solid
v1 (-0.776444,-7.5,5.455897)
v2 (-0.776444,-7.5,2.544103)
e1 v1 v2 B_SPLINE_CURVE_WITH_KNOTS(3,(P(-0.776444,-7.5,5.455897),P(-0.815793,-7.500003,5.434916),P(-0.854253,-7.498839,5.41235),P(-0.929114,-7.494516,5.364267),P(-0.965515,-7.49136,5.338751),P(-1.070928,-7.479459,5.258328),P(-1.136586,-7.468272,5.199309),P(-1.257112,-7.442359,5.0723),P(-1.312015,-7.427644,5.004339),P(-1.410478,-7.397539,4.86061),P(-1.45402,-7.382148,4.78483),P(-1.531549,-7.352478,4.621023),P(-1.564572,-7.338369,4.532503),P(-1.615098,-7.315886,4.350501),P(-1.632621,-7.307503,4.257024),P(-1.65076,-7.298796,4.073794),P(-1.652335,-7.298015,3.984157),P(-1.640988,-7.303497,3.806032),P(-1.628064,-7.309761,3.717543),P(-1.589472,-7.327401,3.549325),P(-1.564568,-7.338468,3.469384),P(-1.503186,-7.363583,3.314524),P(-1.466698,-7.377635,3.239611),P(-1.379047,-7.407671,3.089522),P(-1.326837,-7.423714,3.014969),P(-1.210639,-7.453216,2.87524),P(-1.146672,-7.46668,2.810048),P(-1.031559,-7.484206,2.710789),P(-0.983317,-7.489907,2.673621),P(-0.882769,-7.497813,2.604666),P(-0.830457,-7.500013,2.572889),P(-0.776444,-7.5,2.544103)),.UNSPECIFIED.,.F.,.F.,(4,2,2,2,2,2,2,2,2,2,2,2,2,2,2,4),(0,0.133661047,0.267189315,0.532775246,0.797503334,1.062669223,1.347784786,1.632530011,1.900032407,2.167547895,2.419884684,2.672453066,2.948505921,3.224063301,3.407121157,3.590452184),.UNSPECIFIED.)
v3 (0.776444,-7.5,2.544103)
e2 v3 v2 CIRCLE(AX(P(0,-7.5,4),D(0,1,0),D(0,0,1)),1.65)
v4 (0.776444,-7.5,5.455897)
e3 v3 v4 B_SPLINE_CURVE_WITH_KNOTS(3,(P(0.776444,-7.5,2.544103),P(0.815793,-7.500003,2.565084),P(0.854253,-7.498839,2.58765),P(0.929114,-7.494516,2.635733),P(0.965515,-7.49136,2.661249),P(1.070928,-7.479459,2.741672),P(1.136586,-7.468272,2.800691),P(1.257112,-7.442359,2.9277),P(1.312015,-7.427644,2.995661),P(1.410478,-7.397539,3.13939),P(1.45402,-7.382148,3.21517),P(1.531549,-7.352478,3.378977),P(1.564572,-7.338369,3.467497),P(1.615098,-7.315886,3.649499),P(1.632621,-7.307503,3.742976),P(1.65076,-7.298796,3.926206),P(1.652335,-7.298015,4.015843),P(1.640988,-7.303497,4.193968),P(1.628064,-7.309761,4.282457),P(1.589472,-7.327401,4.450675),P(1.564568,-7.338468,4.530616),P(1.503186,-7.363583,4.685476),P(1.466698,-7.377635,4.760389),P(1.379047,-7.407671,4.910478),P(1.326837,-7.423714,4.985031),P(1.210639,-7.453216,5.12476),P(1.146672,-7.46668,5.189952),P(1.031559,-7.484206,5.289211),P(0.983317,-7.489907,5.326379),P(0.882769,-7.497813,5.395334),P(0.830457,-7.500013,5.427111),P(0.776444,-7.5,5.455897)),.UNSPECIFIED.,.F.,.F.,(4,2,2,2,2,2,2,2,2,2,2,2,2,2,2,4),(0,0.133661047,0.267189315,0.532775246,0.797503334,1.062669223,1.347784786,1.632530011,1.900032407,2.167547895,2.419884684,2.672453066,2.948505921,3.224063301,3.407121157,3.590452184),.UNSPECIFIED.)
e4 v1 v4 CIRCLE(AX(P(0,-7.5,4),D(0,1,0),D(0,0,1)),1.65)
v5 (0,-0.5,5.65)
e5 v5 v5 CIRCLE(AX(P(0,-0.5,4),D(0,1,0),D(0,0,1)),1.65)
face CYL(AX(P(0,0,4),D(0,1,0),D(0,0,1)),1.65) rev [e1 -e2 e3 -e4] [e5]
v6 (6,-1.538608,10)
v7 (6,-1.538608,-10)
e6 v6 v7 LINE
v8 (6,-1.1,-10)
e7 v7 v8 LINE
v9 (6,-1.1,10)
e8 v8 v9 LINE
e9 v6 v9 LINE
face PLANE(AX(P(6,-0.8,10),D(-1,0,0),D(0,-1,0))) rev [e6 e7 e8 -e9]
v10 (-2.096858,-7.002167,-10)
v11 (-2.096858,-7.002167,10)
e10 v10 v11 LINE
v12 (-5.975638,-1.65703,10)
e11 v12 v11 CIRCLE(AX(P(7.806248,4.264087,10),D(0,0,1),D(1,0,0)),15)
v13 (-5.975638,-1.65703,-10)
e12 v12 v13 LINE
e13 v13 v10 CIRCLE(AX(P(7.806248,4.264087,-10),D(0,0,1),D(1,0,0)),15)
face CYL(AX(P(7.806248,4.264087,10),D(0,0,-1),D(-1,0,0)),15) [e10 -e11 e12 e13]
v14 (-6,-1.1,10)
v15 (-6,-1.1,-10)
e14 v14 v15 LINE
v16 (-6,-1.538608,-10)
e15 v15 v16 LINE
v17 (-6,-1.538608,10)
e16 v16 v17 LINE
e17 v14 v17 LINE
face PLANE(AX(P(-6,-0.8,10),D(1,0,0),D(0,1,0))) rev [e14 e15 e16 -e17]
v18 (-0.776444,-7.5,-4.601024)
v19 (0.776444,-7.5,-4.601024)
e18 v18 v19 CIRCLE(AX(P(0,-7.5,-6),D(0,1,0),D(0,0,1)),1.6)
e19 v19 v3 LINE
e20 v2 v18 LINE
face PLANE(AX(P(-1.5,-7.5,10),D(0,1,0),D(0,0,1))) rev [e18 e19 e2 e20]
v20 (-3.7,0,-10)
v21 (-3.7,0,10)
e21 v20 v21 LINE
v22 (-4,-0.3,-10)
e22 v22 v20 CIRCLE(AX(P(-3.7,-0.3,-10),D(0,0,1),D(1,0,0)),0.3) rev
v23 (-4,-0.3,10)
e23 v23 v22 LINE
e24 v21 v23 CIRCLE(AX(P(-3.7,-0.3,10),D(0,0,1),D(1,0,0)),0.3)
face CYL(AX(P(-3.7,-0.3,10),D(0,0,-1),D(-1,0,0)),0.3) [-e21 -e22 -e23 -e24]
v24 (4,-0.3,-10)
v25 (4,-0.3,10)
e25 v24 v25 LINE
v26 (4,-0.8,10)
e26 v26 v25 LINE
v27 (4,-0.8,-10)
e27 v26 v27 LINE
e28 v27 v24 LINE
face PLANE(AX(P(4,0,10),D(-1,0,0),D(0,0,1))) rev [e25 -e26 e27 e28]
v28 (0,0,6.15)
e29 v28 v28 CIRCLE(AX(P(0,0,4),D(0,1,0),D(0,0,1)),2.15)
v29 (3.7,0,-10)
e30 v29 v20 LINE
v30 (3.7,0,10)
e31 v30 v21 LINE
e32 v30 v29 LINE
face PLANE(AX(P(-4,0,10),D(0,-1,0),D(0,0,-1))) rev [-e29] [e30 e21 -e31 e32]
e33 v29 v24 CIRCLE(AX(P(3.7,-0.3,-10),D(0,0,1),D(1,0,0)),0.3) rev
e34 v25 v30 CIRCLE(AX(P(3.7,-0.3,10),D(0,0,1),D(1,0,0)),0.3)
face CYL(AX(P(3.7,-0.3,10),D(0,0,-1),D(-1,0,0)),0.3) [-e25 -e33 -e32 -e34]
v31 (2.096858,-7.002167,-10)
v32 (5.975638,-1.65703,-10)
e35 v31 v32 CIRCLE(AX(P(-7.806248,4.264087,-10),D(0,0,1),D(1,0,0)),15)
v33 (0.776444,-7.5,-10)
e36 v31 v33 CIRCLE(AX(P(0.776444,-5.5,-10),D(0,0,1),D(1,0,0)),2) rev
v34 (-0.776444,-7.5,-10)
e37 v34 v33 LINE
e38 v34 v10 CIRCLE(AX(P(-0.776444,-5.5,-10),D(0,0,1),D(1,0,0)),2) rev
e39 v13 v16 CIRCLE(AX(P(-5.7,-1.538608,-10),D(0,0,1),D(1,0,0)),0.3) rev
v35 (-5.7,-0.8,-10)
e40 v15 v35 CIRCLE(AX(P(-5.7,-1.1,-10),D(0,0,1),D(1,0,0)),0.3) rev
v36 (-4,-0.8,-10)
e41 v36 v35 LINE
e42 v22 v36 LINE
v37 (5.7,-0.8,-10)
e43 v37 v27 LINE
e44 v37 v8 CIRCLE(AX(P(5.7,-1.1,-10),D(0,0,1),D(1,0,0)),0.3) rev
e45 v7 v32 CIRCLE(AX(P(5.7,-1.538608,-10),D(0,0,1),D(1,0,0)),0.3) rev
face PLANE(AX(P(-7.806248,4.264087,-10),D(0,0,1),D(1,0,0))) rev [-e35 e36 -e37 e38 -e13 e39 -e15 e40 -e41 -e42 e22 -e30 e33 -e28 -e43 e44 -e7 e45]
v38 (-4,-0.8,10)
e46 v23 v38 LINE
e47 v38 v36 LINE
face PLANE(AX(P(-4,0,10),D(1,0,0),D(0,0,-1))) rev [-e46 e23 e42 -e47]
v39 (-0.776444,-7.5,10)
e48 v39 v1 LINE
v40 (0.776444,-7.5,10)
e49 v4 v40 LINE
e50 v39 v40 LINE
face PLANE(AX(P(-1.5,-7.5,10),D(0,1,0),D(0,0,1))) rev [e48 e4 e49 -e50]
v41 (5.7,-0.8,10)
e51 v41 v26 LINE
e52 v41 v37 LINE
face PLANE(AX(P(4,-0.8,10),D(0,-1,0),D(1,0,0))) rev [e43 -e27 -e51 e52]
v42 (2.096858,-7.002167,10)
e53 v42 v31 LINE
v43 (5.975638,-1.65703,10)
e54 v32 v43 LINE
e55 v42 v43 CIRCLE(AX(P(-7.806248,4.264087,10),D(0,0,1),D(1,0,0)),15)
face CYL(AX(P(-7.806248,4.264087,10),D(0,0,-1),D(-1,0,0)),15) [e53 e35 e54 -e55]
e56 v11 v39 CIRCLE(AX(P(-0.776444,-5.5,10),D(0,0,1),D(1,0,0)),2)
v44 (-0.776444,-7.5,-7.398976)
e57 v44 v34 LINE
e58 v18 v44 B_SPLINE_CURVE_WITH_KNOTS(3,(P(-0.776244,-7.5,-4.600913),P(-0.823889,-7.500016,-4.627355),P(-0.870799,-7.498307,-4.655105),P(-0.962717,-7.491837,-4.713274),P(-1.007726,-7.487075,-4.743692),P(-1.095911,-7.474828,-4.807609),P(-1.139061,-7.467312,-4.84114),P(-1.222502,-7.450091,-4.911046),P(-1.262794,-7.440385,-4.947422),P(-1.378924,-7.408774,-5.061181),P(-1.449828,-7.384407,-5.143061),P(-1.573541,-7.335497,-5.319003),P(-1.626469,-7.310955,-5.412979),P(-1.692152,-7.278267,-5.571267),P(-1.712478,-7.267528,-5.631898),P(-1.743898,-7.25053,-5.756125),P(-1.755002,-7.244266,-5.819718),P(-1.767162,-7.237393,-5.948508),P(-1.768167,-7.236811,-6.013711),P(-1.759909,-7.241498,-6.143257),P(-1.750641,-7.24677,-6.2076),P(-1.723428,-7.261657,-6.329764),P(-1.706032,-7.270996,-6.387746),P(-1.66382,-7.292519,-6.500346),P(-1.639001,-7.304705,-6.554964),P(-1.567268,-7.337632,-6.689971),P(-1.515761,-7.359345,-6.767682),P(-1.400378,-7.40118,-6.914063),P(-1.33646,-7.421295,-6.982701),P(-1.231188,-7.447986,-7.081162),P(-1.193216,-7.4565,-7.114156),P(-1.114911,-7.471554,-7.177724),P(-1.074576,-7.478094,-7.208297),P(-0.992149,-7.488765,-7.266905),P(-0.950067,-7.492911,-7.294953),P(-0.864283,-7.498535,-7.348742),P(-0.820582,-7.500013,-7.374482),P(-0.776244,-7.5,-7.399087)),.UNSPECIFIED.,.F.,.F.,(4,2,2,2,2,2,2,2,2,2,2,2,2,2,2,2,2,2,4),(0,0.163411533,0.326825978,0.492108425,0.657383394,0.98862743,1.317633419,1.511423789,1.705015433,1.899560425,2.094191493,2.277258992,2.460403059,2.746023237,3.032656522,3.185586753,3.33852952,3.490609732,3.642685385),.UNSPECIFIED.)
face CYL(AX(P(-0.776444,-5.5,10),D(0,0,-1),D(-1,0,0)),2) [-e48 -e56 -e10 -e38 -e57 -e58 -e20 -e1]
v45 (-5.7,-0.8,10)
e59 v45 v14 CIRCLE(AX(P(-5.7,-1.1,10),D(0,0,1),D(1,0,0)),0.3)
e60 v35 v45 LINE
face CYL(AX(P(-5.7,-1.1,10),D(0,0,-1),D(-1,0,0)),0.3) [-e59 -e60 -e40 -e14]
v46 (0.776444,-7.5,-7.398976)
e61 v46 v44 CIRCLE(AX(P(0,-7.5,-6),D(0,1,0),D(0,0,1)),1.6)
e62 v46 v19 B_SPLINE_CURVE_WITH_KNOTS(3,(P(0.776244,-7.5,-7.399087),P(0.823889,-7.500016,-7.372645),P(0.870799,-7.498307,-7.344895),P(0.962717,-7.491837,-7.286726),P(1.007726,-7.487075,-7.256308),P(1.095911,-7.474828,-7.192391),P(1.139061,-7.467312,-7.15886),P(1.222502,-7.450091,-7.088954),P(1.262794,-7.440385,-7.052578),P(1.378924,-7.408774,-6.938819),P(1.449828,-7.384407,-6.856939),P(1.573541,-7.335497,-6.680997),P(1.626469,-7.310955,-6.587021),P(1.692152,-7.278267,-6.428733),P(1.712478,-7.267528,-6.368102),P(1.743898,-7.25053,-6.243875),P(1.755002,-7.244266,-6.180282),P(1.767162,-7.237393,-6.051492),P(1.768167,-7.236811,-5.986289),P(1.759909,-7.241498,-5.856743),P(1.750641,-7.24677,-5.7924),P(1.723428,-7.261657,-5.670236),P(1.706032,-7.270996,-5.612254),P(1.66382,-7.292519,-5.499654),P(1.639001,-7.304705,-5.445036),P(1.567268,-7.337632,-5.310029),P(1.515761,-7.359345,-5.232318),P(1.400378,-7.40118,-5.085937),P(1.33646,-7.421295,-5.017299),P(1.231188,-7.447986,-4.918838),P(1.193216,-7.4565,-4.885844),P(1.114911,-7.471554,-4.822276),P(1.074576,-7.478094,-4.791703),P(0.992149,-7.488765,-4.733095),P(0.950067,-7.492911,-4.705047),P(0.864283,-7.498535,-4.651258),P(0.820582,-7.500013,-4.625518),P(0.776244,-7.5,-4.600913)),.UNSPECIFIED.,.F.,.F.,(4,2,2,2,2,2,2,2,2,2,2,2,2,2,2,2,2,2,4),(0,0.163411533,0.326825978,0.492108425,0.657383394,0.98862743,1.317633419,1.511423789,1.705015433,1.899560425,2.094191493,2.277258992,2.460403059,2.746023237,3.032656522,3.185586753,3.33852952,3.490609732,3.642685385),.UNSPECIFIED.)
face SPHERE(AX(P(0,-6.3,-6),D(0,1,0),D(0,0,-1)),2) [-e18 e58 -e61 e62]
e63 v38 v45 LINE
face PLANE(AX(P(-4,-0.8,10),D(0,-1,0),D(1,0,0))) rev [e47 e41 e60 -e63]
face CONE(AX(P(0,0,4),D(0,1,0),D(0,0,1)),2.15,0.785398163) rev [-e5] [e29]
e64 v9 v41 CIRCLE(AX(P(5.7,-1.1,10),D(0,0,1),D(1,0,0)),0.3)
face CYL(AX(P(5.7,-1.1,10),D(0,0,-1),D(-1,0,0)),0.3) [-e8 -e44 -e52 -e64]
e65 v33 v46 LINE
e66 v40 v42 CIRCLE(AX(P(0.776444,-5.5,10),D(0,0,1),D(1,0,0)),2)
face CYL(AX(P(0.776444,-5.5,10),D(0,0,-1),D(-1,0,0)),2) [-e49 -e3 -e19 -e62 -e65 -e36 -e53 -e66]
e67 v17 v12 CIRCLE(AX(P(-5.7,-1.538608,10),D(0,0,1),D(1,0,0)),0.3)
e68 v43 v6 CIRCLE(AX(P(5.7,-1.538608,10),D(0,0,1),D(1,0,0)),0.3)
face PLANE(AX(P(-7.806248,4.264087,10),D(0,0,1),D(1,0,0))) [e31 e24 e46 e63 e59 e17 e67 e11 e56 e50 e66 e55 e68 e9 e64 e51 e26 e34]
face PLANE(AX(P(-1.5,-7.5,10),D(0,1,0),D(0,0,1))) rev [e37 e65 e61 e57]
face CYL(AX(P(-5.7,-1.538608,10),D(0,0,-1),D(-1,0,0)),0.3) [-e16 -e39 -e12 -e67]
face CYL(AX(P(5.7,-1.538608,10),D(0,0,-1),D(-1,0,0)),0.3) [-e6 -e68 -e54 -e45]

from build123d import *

# Parameters (mm, degrees)
EXTRUDE_1_DEPTH             = 10
FILLET_1_R                  = 0.3
FILLET_2_R                  = 2
HOLE_WIZARD_M41_D           = 3.3
HOLE_WIZARD_M41_CSINK_D     = 4.3
HOLE_WIZARD_M41_CSINK_ANGLE = 90


with BuildPart() as part:
    # Эскиз1 → Бобышка-Вытянуть1 (new body, symmetric)
    with BuildSketch(Plane.XY):
        with BuildLine():
            Line((-4, 0), (4, 0))
            Line((4, 0), (4, -0.8))
            Line((4, -0.8), (6, -0.8))
            Line((6, -0.8), (6, -1.6))
            ThreePointArc((6, -1.6), (4.120585945, -4.832650297), (1.5, -7.5))
            Line((1.5, -7.5), (-1.5, -7.5))
            ThreePointArc((-1.5, -7.5), (-4.120585945, -4.832650297), (-6, -1.6))
            Line((-6, -1.6), (-6, -0.8))
            Line((-6, -0.8), (-4, -0.8))
            Line((-4, -0.8), (-4, 0))
        make_face()
    extrude(amount=EXTRUDE_1_DEPTH, both=True)

    # Скругление1
    fillet_1_edges = [part.edges().sort_by_distance(p)[0] for p in [
        (6, -0.8, 0),
        (6, -1.6, 0),
        (-6, -1.6, 0),
        (-6, -0.8, 0),
        (-4, 0, 0),
        (4, 0, 0),
    ]]
    fillet(fillet_1_edges, radius=FILLET_1_R)

    # Скругление2
    fillet_2_edges = [part.edges().sort_by_distance(p)[0] for p in [
        (1.5, -7.5, 0),
        (-1.5, -7.5, 0),
    ]]
    fillet(fillet_2_edges, radius=FILLET_2_R)

    # Отверстие обработанное метчиком M41 (through all)
    with Locations(Plane(origin=(0, 0, 0), x_dir=(1, 0, 0), z_dir=(0, 1, 0))):
        with Locations((0, -4)):
            CounterSinkHole(HOLE_WIZARD_M41_D / 2, HOLE_WIZARD_M41_CSINK_D / 2, counter_sink_angle=HOLE_WIZARD_M41_CSINK_ANGLE)

    # Эскиз5 → Повернуть1 (revolve)
    with BuildSketch(Plane(origin=(0, 0, 0), x_dir=(0, 0, -1), z_dir=(1, 0, 0))):
        with BuildLine():
            Line((6, -4.3), (6, -8.3))
            ThreePointArc((6, -8.3), (4, -6.3), (6, -4.3))
        make_face()
    revolve(axis=Axis((0, -4.3, -6), (0, -1, 0)))


solid = part.part
